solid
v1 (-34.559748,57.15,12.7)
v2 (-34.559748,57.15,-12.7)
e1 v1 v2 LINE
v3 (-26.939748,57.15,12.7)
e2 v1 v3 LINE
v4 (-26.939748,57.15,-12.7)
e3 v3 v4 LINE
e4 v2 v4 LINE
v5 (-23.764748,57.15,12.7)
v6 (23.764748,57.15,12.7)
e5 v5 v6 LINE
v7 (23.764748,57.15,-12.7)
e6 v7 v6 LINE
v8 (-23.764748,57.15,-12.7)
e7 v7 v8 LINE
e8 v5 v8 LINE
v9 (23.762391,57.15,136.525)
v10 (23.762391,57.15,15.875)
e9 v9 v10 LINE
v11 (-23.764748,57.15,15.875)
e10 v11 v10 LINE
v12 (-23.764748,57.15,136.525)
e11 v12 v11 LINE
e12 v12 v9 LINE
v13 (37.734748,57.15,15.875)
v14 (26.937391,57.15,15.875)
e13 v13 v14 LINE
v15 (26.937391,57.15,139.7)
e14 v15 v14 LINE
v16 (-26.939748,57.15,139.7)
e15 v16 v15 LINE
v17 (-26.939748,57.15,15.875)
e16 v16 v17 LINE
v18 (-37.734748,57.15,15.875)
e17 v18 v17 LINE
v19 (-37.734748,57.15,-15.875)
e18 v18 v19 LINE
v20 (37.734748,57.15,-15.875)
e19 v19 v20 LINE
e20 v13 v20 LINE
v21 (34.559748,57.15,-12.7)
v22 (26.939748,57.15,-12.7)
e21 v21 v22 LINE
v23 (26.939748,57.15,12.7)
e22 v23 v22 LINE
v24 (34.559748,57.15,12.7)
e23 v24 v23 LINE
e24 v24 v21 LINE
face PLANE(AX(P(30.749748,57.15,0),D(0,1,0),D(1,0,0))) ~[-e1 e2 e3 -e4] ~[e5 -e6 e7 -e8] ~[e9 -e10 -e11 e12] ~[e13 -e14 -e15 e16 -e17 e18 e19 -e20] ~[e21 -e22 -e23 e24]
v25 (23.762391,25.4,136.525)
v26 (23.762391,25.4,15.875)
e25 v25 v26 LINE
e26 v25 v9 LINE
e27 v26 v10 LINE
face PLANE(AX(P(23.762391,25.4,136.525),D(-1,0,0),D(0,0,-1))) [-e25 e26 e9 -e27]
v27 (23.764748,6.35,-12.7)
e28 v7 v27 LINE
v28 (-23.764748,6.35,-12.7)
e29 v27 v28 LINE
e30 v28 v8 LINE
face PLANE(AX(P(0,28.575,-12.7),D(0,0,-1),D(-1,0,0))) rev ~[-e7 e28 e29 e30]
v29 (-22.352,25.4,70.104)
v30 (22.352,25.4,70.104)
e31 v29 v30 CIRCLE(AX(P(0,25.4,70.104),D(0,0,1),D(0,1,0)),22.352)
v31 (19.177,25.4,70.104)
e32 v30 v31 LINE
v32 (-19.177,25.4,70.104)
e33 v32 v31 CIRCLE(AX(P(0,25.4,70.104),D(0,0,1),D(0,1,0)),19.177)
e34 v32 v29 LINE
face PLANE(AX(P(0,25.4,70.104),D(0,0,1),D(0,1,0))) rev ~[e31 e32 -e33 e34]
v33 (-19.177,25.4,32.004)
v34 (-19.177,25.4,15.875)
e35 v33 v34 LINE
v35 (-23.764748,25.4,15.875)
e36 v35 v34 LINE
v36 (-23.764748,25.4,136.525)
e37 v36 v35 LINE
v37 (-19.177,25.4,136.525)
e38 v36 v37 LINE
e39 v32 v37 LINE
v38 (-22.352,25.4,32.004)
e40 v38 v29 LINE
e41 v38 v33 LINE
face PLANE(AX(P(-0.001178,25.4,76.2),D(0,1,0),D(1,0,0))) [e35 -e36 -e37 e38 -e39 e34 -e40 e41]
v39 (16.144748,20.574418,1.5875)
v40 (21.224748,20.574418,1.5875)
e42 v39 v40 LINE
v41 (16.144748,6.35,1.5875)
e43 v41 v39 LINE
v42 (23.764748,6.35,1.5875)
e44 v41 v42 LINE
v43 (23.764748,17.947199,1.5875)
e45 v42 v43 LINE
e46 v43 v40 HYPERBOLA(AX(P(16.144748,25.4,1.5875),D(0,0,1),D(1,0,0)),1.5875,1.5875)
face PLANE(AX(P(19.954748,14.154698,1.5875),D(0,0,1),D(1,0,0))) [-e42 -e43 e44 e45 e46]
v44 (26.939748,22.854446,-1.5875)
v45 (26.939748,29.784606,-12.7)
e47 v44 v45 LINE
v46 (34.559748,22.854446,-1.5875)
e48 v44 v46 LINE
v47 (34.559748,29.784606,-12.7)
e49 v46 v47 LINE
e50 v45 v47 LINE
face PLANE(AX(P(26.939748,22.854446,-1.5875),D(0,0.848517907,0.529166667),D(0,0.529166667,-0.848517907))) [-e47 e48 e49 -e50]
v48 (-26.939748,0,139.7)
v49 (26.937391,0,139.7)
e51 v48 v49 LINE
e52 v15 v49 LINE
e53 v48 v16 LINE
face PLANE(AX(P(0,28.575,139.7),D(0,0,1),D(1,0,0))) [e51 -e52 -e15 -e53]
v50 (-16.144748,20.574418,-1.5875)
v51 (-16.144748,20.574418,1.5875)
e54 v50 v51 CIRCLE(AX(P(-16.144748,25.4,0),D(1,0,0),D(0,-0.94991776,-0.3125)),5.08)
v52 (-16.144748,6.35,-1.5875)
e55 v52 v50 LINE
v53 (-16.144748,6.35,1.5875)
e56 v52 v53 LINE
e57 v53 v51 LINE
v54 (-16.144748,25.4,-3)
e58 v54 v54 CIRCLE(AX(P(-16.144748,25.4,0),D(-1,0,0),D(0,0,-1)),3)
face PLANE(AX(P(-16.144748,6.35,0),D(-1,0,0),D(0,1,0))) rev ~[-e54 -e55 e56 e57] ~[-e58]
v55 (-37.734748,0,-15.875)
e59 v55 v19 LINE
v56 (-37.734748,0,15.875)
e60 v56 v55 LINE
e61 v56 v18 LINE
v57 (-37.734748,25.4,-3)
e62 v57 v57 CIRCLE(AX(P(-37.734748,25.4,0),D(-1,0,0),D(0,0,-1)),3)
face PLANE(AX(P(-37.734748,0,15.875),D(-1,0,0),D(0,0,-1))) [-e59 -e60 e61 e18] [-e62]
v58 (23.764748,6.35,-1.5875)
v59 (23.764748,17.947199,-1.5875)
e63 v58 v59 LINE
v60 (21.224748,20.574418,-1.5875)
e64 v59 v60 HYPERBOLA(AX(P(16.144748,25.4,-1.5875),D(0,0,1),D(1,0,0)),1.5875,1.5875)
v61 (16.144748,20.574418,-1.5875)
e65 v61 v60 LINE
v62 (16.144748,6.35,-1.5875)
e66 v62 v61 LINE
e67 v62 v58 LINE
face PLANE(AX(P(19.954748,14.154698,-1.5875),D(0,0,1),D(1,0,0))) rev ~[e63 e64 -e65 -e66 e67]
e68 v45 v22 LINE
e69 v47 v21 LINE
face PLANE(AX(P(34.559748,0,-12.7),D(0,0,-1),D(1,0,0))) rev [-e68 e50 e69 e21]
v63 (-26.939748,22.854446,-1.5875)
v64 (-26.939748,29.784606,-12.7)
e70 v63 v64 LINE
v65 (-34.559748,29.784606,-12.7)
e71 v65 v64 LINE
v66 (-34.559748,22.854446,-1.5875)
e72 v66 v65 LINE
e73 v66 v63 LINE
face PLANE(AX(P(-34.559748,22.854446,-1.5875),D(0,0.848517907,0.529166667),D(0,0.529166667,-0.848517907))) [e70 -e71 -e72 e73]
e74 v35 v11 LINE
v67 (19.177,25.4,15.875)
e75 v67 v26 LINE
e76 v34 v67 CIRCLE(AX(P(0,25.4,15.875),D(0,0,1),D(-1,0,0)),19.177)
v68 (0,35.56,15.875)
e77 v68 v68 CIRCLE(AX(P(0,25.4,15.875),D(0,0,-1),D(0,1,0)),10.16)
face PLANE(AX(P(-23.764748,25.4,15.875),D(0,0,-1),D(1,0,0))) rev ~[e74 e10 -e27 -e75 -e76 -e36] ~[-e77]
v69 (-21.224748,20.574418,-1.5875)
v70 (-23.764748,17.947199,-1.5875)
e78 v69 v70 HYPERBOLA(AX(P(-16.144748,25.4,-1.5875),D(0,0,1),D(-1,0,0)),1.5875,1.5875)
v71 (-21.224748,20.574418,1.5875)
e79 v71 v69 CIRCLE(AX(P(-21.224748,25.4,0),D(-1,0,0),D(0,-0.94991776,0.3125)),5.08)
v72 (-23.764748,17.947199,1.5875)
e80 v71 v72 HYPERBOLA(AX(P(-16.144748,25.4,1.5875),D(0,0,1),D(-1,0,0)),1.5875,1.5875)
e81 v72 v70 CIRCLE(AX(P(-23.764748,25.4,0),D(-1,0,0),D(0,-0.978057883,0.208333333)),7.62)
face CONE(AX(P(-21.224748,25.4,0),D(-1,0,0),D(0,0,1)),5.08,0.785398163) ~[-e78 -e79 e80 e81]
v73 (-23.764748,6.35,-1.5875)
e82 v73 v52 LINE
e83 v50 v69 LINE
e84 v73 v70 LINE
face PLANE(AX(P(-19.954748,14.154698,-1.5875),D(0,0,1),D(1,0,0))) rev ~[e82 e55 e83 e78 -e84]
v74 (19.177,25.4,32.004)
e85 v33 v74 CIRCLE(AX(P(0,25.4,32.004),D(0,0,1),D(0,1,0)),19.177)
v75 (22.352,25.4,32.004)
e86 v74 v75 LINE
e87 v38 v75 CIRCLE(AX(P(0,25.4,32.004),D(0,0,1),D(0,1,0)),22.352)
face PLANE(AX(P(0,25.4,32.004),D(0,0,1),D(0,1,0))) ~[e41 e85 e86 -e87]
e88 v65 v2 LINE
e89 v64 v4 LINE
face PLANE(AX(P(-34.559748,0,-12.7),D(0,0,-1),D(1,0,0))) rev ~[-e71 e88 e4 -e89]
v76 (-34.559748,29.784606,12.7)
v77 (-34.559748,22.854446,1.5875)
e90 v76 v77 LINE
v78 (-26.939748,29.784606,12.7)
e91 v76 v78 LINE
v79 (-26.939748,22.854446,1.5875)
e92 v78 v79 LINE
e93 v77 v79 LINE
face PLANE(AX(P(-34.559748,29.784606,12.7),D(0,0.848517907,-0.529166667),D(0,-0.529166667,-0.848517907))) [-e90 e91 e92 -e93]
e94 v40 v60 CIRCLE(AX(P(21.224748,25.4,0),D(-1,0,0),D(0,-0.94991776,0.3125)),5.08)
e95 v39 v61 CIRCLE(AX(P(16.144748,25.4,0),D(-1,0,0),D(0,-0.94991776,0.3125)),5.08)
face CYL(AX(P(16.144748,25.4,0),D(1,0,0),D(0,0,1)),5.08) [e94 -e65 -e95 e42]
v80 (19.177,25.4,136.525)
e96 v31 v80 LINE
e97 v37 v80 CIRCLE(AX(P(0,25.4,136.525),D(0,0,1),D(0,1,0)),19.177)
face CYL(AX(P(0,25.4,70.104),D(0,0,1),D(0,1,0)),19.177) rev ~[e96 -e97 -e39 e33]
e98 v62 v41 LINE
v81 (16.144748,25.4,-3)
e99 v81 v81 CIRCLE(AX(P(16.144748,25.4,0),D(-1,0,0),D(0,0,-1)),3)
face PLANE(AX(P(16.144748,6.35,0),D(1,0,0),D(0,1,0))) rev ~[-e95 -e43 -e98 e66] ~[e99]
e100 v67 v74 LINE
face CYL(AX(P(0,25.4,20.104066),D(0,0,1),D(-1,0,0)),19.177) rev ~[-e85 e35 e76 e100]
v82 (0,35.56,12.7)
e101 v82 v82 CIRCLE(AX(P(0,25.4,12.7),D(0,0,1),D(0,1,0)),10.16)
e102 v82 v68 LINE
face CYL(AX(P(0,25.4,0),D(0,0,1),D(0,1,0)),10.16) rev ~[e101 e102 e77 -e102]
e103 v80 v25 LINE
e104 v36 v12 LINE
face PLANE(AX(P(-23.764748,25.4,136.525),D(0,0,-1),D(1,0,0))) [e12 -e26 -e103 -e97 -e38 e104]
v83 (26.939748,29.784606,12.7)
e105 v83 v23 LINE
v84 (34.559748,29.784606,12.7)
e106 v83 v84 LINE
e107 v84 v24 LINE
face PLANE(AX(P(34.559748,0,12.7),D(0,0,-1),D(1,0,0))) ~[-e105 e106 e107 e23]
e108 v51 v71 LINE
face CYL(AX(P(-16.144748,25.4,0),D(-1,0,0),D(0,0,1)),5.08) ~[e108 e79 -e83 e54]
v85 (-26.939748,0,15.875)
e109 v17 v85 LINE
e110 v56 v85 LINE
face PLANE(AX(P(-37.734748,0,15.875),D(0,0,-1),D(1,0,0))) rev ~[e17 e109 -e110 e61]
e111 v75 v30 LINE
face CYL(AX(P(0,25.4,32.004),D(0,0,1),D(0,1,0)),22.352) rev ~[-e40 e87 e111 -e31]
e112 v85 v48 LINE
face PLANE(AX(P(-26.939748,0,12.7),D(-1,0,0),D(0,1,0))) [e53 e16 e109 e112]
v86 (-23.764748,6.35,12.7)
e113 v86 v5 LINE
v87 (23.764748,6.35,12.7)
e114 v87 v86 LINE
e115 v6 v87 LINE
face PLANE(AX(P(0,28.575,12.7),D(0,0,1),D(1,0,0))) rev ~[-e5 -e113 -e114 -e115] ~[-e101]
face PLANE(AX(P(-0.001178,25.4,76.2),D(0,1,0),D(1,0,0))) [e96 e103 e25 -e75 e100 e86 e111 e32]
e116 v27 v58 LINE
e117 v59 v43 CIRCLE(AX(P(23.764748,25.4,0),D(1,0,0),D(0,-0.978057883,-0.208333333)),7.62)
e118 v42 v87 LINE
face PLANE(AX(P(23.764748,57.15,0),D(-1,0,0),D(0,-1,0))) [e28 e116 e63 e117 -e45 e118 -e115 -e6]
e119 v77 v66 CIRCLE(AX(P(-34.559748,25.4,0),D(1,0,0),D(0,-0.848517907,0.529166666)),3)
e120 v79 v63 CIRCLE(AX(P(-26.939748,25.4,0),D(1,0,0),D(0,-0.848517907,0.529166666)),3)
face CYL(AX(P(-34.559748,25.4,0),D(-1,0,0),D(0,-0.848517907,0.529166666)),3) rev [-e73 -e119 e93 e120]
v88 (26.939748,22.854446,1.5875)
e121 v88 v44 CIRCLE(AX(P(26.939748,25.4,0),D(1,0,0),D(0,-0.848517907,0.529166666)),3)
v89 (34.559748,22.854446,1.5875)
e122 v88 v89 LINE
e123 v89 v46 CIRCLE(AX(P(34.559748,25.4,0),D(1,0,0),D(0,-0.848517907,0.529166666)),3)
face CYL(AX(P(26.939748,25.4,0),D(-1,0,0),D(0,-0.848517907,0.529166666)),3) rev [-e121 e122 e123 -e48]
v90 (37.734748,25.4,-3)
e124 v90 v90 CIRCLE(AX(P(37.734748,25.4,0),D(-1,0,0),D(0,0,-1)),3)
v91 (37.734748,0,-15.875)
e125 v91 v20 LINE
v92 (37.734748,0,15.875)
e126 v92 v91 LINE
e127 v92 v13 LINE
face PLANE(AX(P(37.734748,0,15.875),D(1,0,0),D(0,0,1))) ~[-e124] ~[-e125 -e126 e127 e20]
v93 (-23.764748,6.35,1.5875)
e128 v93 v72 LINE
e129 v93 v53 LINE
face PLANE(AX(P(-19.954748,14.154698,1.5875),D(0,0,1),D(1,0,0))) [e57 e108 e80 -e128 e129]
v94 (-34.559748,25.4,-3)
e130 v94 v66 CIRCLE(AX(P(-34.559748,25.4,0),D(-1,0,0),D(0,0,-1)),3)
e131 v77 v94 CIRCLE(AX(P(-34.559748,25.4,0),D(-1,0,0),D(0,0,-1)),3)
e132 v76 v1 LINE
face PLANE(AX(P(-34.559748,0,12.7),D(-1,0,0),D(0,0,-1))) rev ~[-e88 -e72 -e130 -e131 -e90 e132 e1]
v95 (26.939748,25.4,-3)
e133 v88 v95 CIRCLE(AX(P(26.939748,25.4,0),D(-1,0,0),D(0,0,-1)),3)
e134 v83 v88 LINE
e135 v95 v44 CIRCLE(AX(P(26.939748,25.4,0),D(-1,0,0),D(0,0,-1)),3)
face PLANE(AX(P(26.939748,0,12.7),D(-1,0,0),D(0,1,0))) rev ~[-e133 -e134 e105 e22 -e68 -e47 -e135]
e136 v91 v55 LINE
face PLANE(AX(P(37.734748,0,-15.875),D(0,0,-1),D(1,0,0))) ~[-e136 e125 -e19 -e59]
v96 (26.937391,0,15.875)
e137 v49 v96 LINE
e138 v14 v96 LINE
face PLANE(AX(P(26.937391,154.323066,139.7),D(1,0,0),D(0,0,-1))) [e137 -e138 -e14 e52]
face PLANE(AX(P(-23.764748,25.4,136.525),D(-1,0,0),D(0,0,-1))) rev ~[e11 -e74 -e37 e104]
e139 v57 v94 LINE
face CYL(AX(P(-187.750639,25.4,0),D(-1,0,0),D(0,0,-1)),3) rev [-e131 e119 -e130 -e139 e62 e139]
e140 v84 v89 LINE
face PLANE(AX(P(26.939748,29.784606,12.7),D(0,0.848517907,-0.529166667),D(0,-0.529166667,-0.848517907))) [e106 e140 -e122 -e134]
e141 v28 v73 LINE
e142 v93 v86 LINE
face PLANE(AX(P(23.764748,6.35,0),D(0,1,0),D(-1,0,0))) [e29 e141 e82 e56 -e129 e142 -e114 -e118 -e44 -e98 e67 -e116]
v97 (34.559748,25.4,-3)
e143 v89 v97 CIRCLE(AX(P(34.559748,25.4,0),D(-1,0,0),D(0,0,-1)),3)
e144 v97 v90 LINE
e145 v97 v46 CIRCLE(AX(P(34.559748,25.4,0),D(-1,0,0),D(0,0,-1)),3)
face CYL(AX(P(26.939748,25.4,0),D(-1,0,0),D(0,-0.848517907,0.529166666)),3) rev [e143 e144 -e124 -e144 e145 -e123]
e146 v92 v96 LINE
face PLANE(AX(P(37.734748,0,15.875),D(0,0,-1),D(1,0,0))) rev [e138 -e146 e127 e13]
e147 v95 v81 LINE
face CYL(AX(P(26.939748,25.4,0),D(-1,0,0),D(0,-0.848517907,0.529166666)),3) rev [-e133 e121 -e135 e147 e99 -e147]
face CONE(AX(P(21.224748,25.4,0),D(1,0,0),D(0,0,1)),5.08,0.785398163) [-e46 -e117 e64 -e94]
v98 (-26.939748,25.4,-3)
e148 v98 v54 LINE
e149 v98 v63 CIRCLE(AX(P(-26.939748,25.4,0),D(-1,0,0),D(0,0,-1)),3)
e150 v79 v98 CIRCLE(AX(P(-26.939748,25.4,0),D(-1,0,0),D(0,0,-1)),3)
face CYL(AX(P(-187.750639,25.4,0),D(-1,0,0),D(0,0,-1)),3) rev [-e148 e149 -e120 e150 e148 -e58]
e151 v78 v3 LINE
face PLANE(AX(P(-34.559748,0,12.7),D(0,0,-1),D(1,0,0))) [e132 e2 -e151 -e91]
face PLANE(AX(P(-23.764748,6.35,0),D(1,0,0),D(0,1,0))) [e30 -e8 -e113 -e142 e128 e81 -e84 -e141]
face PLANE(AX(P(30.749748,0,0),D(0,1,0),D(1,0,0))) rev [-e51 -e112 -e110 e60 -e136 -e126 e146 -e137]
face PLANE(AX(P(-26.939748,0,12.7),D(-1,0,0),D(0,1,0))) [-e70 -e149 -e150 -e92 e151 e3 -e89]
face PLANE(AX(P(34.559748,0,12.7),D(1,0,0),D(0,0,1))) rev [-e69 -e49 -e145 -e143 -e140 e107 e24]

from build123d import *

# Parameters (mm, degrees)
BOSS_EXTRUDE1_DEPTH      = 12.7
SKETCH2_W                = 53.879496
SKETCH2_H                = 57.15
BOSS_EXTRUDE2_DEPTH      = 3.175
CUT_EXTRUDE2_DEPTH       = 66.145131417
CUT_EXTRUDE2_DEPTH_BACK  = 66.145131417
SKETCH3_R                = 3
SKETCH5_W                = 53.879496
SKETCH5_H                = 25.4
SKETCH5_R                = 3.4925
BOSS_EXTRUDE3_DEPTH      = 6.35
SKETCH7_W                = 7.62
SKETCH7_H                = 15.609396712
BOSS_EXTRUDE7_DEPTH      = 1.5875
SKETCH8_W                = 53.879496
SKETCH8_H                = 57.15
BOSS_EXTRUDE8_DEPTH      = 127
CUT_EXTRUDE7_DEPTH       = 154.323065852
CUT_EXTRUDE7_DEPTH_BACK  = 154.323065852
SKETCH13_W               = 0.002356984
SKETCH13_H               = 124.229061331
CUT_EXTRUDE8_START       = -31.75
SKETCH14_W               = 47.527139016
SKETCH14_H               = 120.65
CUT_EXTRUDE8_DEPTH       = 31.75
CUT_EXTRUDE9_DEPTH       = 4.229066359
SKETCH16_W               = 53.879496
SKETCH16_H               = 25.4
CUT_EXTRUDE10_DEPTH      = 152.071109158
SKETCH18_W               = 13.97
SKETCH18_H               = 31.75
SKETCH18_W_2             = 7.62
SKETCH18_H_2             = 25.4
BOSS_EXTRUDE10_DEPTH     = 57.15
BOSS_EXTRUDE11_START     = -34.559748
BOSS_EXTRUDE11_DEPTH     = 7.62
BOSS_EXTRUDE12_START     = 26.939748
BOSS_EXTRUDE12_DEPTH     = 7.62
CUT_EXTRUDE11_DEPTH      = 163.985890519
CUT_EXTRUDE11_DEPTH_BACK = 163.985890519
SKETCH20_R               = 3


with BuildPart() as part:
    # Sketch1 → Boss-Extrude1 (new, symmetric)
    with BuildSketch(Plane.XY):
        Polygon((-26.939748, 0), (26.939748, 0), (26.939748, 6.35), (26.939748, 57.15), (23.764748, 57.15), (23.764748, 6.35), (-23.764748, 6.35), (-23.764748, 57.15), (-26.939748, 57.15), (-26.939748, 6.35), align=None)
    extrude(amount=BOSS_EXTRUDE1_DEPTH, both=True)

    # Sketch2 → Boss-Extrude2 (add)
    with BuildSketch(Plane(origin=(0, 0, -12.7), x_dir=(-1, 0, 0), z_dir=(0, 0, -1))):
        with Locations((0, 28.575)):
            Rectangle(SKETCH2_W, SKETCH2_H)
    extrude(amount=BOSS_EXTRUDE2_DEPTH)

    # Sketch6 → Revolve2 (revolve)
    with BuildSketch(Plane.XY, mode=Mode.PRIVATE) as revolve2_sk:
        Polygon((-23.764748, 25.4), (-16.144748, 25.4), (-16.144748, 30.48), (-21.224748, 30.48), (-23.764748, 33.02), align=None)
        Polygon((23.764748, 33.02), (23.764748, 25.4), (16.144748, 25.4), (16.144748, 30.48), (21.224748, 30.48), align=None)
    revolve(revolve2_sk.sketch.rotate(Axis((-23.764748, 25.4, 0), (1, 0, 0)), 90), axis=Axis((-23.764748, 25.4, 0), (1, 0, 0)))

    # Sketch3 → Cut-Extrude2 (cut, two sides: drawn at the far end of the back side and taken through both)
    with BuildSketch(Plane(origin=(0, 0, 0), x_dir=(0, 0, -1), z_dir=(1, 0, 0)).offset(-CUT_EXTRUDE2_DEPTH_BACK)):
        with Locations((0, 25.4)):
            Circle(SKETCH3_R)
    extrude(amount=CUT_EXTRUDE2_DEPTH + CUT_EXTRUDE2_DEPTH_BACK, mode=Mode.SUBTRACT)

    # Sketch5 → Boss-Extrude3 (add)
    with BuildSketch(Plane.XZ):
        with Locations((0, -28.575)):
            Rectangle(SKETCH5_W, SKETCH5_H)
        with Locations(Location((7.889748, -28.575, 0), (0, 0, 270))):
            Circle(SKETCH5_R, mode=Mode.SUBTRACT)
        with Locations(Location((-17.510252, -28.575, 0), (0, 0, 270))):
            Circle(SKETCH5_R, mode=Mode.SUBTRACT)
    extrude(amount=-BOSS_EXTRUDE3_DEPTH)

    # Sketch7 → Boss-Extrude7 (add, symmetric)
    with BuildSketch(Plane.XY):
        with Locations((-19.954748, 14.154698356)):
            Rectangle(SKETCH7_W, SKETCH7_H)
        with Locations((19.954748, 14.154698356)):
            Rectangle(SKETCH7_W, SKETCH7_H)
    extrude(amount=BOSS_EXTRUDE7_DEPTH, both=True)

    # Sketch8 → Boss-Extrude8 (add)
    with BuildSketch(Plane.XY.offset(12.7)):
        with Locations((0, 28.575)):
            Rectangle(SKETCH8_W, SKETCH8_H)
    extrude(amount=BOSS_EXTRUDE8_DEPTH)

    # Sketch9 → Cut-Revolve1 (revolve, cut)
    with BuildSketch(Plane(origin=(0, 0, 0), x_dir=(0, 0, -1), z_dir=(1, 0, 0))):
        Polygon((-70.104, 47.752), (-70.104, 44.577), (-136.525, 44.577), (-136.525, 25.4), (-70.104, 25.4), (0, 25.4), (0, 35.56), (-20.104066359, 35.56), (-20.104066359, 44.577), (-32.004, 44.577), (-32.004, 47.752), align=None)
    revolve(axis=Axis((0, 25.4, 0), (0, 0, 1)), mode=Mode.SUBTRACT)

    # Sketch13 → Cut-Extrude7 (cut, two sides: drawn at the far end of the back side and taken through both)
    with BuildSketch(Plane(origin=(0, 0, 0), x_dir=(-1, 0, 0), z_dir=(0, -1, 0)).offset(-CUT_EXTRUDE7_DEPTH_BACK)):
        with Locations((26.940926492, -77.585469335)):
            Rectangle(SKETCH13_W, SKETCH13_H)
        with Locations((-26.938569508, -77.585469335)):
            Rectangle(SKETCH13_W, SKETCH13_H)
    extrude(amount=CUT_EXTRUDE7_DEPTH + CUT_EXTRUDE7_DEPTH_BACK, mode=Mode.SUBTRACT)

    # Sketch14 → Cut-Extrude8 (cut)
    with BuildSketch(Plane(origin=(0, 57.15, 0), x_dir=(1, 0, 0), z_dir=(0, 1, 0)).offset(CUT_EXTRUDE8_START)):
        with Locations((-0.001178492, -76.2)):
            Rectangle(SKETCH14_W, SKETCH14_H)
    extrude(amount=CUT_EXTRUDE8_DEPTH, mode=Mode.SUBTRACT)

    # Sketch15 → Cut-Extrude9 (cut)
    with BuildSketch(Plane.XY.offset(20.104066359)):
        with BuildLine():
            Line((-10.16, 25.4), (-19.177, 25.4))
            ThreePointArc((-19.177, 25.4), (0, 6.223), (19.177, 25.4))
            Line((19.177, 25.4), (10.16, 25.4))
            ThreePointArc((10.16, 25.4), (0, 15.24), (-10.16, 25.4))
        make_face()
    extrude(amount=-CUT_EXTRUDE9_DEPTH, mode=Mode.SUBTRACT)

    # Sketch16 → Cut-Extrude10 (cut, through all)
    with BuildSketch(Plane(origin=(0, 6.35, 0), x_dir=(1, 0, 0), z_dir=(0, 1, 0))):
        with Locations((0, 28.575)):
            Rectangle(SKETCH16_W, SKETCH16_H)
    extrude(amount=-CUT_EXTRUDE10_DEPTH, mode=Mode.SUBTRACT)

    # Sketch18 → Boss-Extrude10 (add)
    with BuildSketch(Plane(origin=(0, 0, 0), x_dir=(1, 0, 0), z_dir=(0, 1, 0))):
        with Locations((-30.749748, 0)):
            Rectangle(SKETCH18_W, SKETCH18_H)
        with Locations((-30.749748, 0)):
            Rectangle(SKETCH18_W_2, SKETCH18_H_2, mode=Mode.SUBTRACT)
    boss_extrude10 = extrude(amount=BOSS_EXTRUDE10_DEPTH)

    # Sketch19 → Boss-Extrude11 (add)
    with BuildSketch(Plane(origin=(0, 0, 0), x_dir=(0, 0, -1), z_dir=(1, 0, 0)).offset(BOSS_EXTRUDE11_START)):
        with BuildLine():
            Line((1.5875, 22.854446278), (12.7, 29.784605952))
            Line((12.7, 29.784605952), (12.7, 0))
            Line((12.7, 0), (-12.7, 0))
            Line((-12.7, 0), (-12.7, 29.784605952))
            Line((-12.7, 29.784605952), (-1.5875, 22.854446278))
            ThreePointArc((-1.5875, 22.854446278), (0, 22.4), (1.5875, 22.854446278))
        make_face()
    extrude(amount=BOSS_EXTRUDE11_DEPTH)

    # Mirror4: Boss-Extrude10 across plane
    add(boss_extrude10.mirror(Plane(origin=(0, 0, 0), x_dir=(0, 0, 1), z_dir=(1, 0, 0))))

    # Sketch19<2> → Boss-Extrude12 (add)
    with BuildSketch(Plane(origin=(0, 0, 0), x_dir=(0, 0, -1), z_dir=(1, 0, 0)).offset(BOSS_EXTRUDE12_START)):
        with BuildLine():
            Line((1.5875, 22.854446278), (12.7, 29.784605952))
            Line((12.7, 29.784605952), (12.7, 0))
            Line((12.7, 0), (-12.7, 0))
            Line((-12.7, 0), (-12.7, 29.784605952))
            Line((-12.7, 29.784605952), (-1.5875, 22.854446278))
            ThreePointArc((-1.5875, 22.854446278), (0, 22.4), (1.5875, 22.854446278))
        make_face()
    extrude(amount=BOSS_EXTRUDE12_DEPTH)

    # Sketch20 → Cut-Extrude11 (cut, two sides: drawn at the far end of the back side and taken through both)
    with BuildSketch(Plane(origin=(-23.764748, 0, 0), x_dir=(0, 0, -1), z_dir=(1, 0, 0)).offset(-CUT_EXTRUDE11_DEPTH_BACK)):
        with Locations((0, 25.4)):
            Circle(SKETCH20_R)
    extrude(amount=CUT_EXTRUDE11_DEPTH + CUT_EXTRUDE11_DEPTH_BACK, mode=Mode.SUBTRACT)


solid = part.part
